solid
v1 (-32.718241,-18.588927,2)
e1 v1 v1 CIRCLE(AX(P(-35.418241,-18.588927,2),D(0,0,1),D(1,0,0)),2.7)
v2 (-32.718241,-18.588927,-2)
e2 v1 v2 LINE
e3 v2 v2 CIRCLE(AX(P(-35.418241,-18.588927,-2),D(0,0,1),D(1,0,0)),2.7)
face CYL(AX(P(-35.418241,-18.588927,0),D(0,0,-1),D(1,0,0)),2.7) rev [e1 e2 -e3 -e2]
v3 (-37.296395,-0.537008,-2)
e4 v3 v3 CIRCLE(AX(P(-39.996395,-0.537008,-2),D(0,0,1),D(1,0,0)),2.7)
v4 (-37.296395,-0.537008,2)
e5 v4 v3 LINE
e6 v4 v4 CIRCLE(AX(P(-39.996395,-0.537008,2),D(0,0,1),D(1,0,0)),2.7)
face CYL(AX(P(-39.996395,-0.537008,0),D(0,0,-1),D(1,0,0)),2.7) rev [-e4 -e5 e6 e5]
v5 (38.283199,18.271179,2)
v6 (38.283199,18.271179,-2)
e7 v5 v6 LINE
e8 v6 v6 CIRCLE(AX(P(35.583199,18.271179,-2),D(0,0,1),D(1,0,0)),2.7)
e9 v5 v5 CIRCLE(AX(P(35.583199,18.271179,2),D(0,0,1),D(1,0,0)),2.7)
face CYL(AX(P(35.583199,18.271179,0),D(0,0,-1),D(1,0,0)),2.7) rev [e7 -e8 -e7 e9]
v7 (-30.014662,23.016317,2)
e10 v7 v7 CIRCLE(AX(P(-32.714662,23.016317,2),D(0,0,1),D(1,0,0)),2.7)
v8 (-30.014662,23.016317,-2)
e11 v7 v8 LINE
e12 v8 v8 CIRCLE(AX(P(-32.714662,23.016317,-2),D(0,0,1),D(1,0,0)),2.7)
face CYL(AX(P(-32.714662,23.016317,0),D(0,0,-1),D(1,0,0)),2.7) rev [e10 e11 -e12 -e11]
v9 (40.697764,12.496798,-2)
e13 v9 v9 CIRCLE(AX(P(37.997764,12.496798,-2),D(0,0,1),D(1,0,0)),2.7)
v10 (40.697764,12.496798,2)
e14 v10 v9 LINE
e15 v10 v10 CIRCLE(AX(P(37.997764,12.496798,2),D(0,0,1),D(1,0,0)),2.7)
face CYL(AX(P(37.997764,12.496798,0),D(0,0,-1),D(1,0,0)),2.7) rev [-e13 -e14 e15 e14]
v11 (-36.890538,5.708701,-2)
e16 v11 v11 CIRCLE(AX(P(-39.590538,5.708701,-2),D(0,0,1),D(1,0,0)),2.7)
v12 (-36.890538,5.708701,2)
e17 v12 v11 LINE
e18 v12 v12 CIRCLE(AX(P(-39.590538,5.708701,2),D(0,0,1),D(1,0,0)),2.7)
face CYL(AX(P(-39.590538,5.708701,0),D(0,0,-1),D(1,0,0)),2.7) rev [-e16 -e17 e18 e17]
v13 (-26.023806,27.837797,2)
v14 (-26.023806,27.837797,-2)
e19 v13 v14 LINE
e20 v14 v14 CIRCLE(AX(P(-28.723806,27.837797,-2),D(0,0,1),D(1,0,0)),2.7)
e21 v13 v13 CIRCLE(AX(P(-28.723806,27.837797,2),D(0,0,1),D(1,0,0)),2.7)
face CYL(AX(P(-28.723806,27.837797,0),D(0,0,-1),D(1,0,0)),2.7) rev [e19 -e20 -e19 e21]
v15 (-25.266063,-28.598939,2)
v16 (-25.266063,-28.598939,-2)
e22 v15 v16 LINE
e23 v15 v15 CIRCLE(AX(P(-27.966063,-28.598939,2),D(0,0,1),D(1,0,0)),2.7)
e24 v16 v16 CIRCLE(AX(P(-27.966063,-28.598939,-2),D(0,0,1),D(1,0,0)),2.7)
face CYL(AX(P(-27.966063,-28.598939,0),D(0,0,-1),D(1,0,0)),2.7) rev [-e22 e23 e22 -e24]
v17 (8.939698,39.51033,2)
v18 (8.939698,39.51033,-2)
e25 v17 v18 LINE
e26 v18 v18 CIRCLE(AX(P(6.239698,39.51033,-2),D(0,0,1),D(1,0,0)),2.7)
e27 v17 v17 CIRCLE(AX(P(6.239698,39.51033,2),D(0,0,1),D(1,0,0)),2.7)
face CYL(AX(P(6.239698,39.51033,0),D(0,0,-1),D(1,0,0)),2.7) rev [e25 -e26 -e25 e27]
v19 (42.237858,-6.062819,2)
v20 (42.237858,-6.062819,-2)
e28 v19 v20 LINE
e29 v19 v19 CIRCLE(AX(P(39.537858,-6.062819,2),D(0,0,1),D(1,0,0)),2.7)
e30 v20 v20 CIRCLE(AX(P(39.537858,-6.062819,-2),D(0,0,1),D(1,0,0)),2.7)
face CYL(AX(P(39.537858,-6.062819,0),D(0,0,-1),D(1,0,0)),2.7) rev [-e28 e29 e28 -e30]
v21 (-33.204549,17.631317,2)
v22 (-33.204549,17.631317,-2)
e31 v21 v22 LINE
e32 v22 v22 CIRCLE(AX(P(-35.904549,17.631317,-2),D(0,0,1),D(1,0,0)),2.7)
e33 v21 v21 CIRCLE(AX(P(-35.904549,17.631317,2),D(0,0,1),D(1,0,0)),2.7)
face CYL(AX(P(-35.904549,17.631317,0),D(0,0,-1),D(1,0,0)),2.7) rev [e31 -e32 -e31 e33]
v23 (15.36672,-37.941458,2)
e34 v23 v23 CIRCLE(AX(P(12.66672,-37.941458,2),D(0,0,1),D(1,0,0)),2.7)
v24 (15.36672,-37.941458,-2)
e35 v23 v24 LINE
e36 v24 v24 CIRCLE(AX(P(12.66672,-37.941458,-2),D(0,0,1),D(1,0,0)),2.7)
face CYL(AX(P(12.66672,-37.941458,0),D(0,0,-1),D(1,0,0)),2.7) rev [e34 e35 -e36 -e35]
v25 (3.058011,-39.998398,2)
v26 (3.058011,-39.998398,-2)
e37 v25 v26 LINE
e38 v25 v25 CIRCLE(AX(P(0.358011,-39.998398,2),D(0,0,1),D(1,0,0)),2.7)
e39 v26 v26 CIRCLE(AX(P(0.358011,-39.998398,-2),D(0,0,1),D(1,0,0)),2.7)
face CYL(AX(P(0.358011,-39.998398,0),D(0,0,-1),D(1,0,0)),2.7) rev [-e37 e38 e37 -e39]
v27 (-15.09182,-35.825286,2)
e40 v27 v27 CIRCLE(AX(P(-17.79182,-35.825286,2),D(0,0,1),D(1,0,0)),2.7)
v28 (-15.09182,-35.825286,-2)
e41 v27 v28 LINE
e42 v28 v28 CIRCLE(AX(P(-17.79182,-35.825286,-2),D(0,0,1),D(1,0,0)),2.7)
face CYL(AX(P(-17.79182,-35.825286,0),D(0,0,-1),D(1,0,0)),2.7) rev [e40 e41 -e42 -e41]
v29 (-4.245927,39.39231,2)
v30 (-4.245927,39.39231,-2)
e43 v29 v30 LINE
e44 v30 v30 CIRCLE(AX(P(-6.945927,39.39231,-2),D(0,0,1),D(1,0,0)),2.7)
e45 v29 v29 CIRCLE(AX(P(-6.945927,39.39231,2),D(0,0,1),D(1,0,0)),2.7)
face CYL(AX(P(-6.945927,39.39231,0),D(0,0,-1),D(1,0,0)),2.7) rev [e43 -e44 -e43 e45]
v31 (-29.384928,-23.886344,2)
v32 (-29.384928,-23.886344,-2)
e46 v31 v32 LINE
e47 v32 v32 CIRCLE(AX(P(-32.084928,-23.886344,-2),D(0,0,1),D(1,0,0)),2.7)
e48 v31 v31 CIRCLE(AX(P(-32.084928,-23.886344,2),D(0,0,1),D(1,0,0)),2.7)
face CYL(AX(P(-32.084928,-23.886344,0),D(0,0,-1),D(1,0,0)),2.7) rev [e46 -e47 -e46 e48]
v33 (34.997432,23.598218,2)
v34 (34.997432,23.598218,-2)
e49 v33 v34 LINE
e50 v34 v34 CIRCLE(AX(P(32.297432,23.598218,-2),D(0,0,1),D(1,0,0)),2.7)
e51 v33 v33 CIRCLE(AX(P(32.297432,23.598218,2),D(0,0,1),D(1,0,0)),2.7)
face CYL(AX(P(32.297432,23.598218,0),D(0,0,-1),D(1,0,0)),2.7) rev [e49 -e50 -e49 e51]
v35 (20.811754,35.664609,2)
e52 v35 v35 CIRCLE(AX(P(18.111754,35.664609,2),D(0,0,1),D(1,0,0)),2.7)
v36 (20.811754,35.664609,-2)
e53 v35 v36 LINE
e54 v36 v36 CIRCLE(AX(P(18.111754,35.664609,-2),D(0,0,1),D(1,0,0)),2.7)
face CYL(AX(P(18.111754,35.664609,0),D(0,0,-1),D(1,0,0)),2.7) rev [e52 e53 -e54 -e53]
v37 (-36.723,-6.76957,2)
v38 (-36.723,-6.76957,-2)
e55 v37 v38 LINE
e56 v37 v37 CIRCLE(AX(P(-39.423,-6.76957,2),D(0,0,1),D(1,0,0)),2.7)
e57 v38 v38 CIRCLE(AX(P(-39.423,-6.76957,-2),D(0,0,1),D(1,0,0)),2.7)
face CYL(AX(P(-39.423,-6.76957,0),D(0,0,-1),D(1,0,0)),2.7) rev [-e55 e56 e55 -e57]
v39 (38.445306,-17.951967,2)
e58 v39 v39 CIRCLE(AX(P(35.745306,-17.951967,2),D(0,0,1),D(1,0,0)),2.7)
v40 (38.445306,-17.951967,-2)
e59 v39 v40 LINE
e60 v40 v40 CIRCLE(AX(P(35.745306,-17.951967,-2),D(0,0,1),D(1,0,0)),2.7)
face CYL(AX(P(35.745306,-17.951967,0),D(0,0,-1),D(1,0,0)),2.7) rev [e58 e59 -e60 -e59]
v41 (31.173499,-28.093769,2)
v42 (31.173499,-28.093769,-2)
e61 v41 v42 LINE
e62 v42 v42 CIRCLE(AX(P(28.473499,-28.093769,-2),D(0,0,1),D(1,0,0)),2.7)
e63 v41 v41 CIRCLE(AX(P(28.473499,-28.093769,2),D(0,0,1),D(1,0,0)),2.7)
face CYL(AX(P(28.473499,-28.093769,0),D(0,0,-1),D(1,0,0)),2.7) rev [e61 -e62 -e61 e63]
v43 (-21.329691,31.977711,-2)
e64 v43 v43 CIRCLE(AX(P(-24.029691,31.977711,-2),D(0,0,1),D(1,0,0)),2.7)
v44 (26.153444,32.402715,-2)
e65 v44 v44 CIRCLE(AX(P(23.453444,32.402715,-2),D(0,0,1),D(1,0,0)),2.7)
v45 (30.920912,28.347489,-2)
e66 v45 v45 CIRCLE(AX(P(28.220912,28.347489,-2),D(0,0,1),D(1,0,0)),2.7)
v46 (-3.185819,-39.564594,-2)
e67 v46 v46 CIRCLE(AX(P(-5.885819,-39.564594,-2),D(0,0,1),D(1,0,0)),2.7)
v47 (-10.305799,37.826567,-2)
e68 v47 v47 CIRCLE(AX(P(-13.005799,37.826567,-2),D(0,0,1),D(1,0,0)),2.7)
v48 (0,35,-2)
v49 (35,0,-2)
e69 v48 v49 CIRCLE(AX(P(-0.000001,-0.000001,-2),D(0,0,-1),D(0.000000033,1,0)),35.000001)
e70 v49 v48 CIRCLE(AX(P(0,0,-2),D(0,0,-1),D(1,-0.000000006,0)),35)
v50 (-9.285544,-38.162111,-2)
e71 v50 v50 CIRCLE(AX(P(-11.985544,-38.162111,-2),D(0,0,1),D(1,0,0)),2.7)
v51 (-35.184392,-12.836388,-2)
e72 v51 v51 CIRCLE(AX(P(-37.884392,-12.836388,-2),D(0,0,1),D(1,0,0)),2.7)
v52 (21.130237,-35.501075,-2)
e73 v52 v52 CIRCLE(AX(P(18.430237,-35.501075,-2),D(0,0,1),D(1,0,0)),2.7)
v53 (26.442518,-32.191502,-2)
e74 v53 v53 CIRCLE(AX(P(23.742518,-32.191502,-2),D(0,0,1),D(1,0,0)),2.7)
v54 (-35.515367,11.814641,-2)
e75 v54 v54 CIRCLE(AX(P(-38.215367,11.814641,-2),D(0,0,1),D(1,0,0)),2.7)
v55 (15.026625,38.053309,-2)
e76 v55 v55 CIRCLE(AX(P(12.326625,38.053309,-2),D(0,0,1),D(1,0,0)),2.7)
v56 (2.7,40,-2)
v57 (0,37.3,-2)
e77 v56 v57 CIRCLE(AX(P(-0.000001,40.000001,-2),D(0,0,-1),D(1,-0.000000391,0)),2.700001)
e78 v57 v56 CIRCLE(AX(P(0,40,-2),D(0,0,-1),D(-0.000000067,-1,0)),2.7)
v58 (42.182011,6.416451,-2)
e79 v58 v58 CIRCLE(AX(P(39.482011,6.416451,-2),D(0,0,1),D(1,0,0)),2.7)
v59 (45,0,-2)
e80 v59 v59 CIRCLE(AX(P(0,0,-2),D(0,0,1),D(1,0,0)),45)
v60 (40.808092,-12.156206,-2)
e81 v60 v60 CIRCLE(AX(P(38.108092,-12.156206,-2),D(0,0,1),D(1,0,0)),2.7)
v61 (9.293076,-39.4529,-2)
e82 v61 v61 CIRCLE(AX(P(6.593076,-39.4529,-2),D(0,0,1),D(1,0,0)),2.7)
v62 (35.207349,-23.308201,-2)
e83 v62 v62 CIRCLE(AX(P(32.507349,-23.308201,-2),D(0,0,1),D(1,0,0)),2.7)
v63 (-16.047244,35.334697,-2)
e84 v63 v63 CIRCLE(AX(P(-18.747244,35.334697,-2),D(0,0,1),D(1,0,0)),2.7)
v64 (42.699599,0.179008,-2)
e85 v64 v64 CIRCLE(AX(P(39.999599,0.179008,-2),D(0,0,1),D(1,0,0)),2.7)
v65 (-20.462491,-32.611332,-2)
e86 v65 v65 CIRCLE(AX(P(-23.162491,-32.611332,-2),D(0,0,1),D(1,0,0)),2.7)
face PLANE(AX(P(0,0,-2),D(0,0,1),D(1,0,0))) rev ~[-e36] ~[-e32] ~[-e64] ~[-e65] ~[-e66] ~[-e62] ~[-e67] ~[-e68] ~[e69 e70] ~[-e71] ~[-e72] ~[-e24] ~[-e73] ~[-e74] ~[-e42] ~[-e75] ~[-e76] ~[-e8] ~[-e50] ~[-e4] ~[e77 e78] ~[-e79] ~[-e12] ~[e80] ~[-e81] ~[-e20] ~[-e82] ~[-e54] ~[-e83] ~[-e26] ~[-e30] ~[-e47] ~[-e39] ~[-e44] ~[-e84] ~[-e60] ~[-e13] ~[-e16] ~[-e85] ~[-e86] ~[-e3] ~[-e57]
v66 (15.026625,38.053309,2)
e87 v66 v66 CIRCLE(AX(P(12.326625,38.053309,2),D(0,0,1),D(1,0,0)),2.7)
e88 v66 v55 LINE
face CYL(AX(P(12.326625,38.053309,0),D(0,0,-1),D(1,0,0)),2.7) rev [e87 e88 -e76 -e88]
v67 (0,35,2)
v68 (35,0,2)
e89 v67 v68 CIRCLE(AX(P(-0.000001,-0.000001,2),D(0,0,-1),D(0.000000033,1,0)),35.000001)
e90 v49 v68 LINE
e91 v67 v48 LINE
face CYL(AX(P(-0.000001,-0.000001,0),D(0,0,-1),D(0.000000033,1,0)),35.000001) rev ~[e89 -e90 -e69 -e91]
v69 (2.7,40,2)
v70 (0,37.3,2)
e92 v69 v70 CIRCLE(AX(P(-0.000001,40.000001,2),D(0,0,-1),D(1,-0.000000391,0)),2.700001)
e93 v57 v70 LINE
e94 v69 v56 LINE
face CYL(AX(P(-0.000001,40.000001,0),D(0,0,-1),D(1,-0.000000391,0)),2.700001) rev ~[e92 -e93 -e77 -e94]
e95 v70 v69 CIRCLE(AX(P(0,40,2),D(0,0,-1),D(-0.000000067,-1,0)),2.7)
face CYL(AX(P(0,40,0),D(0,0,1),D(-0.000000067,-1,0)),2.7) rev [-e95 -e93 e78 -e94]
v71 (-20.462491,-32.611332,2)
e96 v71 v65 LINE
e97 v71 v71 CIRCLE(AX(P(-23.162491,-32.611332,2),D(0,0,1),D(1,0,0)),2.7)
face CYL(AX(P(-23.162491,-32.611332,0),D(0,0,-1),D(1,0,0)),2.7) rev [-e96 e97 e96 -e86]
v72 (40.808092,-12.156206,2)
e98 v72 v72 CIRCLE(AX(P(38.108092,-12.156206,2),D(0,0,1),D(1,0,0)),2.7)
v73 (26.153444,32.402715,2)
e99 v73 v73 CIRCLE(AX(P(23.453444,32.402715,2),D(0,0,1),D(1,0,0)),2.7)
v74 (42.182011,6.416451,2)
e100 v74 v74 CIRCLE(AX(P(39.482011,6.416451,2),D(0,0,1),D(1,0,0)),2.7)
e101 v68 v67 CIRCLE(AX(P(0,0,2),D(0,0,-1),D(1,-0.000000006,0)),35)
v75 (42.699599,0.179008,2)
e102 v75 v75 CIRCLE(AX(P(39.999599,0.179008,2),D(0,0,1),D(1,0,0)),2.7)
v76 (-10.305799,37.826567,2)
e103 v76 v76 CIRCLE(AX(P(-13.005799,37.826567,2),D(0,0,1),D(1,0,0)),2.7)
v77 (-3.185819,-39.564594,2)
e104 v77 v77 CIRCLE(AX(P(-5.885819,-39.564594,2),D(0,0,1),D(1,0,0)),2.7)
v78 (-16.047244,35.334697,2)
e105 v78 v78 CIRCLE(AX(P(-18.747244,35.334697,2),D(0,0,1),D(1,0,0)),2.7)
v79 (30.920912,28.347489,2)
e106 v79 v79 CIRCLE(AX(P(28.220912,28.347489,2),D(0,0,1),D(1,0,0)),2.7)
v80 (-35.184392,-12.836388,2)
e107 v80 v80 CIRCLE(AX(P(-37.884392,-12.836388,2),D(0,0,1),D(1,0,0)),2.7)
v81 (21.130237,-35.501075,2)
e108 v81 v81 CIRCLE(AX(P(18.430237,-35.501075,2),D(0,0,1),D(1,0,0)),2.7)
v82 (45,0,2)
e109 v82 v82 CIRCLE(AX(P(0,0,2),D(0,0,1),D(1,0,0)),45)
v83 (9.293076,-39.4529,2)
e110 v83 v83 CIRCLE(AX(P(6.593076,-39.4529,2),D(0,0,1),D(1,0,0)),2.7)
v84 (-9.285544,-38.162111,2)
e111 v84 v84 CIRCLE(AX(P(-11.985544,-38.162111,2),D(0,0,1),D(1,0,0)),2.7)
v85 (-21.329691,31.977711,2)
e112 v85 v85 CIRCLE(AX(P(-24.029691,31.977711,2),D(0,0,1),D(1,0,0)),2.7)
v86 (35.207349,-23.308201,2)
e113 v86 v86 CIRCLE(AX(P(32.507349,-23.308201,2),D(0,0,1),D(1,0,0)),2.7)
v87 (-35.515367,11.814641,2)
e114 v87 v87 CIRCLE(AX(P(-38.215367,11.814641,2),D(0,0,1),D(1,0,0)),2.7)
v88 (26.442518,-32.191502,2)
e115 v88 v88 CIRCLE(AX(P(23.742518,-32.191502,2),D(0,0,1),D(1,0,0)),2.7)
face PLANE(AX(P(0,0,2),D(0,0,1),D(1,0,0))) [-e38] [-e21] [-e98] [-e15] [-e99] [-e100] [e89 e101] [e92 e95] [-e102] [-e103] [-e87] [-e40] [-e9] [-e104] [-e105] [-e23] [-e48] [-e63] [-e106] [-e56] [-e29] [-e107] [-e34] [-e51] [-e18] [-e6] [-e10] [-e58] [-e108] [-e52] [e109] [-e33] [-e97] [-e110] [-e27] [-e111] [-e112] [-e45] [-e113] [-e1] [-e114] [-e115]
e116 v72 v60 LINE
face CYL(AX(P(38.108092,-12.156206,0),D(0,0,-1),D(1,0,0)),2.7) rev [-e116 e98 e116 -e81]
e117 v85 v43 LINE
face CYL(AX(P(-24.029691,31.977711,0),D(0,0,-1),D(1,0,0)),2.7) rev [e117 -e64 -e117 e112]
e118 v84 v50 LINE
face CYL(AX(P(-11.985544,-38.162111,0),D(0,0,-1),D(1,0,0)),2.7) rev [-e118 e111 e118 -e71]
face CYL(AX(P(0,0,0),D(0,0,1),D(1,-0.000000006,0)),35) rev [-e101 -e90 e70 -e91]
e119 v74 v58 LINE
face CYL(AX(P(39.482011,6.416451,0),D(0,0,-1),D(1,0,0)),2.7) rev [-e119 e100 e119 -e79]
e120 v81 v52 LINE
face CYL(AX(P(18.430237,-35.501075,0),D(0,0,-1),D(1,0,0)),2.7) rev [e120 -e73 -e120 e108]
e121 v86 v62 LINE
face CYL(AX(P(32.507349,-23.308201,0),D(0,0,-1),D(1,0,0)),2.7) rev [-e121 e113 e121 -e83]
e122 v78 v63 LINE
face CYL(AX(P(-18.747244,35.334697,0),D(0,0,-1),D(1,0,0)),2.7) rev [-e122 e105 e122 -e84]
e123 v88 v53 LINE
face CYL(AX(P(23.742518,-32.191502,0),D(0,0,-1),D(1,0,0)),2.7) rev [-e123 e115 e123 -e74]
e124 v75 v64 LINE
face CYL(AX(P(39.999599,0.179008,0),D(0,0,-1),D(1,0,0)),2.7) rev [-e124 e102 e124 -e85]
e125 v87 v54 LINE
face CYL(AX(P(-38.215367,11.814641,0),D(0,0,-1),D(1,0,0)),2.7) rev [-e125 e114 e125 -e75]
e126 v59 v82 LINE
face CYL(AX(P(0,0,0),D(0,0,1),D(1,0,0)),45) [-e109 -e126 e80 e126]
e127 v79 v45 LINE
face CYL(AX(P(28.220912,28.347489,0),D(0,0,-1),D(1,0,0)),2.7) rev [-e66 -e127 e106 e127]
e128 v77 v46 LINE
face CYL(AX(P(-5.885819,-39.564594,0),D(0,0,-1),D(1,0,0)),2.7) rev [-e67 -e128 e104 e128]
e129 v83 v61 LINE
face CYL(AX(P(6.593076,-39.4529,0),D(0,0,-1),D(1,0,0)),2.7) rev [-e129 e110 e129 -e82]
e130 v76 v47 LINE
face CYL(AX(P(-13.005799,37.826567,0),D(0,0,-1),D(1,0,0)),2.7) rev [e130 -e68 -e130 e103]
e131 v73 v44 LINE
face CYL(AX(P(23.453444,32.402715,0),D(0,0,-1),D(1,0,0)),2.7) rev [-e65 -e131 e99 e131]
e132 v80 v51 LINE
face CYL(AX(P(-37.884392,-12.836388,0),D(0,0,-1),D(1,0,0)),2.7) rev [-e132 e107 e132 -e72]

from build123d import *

# Parameters (mm, degrees)
F0_R     = 45
F0_R_2   = 2.7
F1_DEPTH = 2


with BuildPart() as f1:
    # F0 (on Top) → F1 (new body, symmetric)
    with BuildSketch(Plane.XY):
        Circle(F0_R)
        with Locations((-23.162491, -32.611332)):
            Circle(F0_R_2, mode=Mode.SUBTRACT)
        with Locations((-27.966063, -28.598939)):
            Circle(F0_R_2, mode=Mode.SUBTRACT)
        with Locations((-32.084928, -23.886344)):
            Circle(F0_R_2, mode=Mode.SUBTRACT)
        with Locations((-17.79182, -35.825286)):
            Circle(F0_R_2, mode=Mode.SUBTRACT)
        with Locations((-11.985544, -38.162111)):
            Circle(F0_R_2, mode=Mode.SUBTRACT)
        with Locations((-5.885819, -39.564594)):
            Circle(F0_R_2, mode=Mode.SUBTRACT)
        with Locations((-35.418241, -18.588927)):
            Circle(F0_R_2, mode=Mode.SUBTRACT)
        with Locations((-37.884392, -12.836388)):
            Circle(F0_R_2, mode=Mode.SUBTRACT)
        with Locations((-39.423, -6.76957)):
            Circle(F0_R_2, mode=Mode.SUBTRACT)
        with Locations((-39.996395, -0.537008)):
            Circle(F0_R_2, mode=Mode.SUBTRACT)
        with Locations((0.358011, -39.998398)):
            Circle(F0_R_2, mode=Mode.SUBTRACT)
        with Locations((6.593076, -39.4529)):
            Circle(F0_R_2, mode=Mode.SUBTRACT)
        with Locations((12.66672, -37.941458)):
            Circle(F0_R_2, mode=Mode.SUBTRACT)
        with Locations((18.430237, -35.501075)):
            Circle(F0_R_2, mode=Mode.SUBTRACT)
        with Locations((23.742518, -32.191502)):
            Circle(F0_R_2, mode=Mode.SUBTRACT)
        with Locations((28.473499, -28.093769)):
            Circle(F0_R_2, mode=Mode.SUBTRACT)
        with Locations((32.507349, -23.308201)):
            Circle(F0_R_2, mode=Mode.SUBTRACT)
        with Locations((35.745306, -17.951967)):
            Circle(F0_R_2, mode=Mode.SUBTRACT)
        with Locations((38.108092, -12.156206)):
            Circle(F0_R_2, mode=Mode.SUBTRACT)
        with Locations((39.537858, -6.062819)):
            Circle(F0_R_2, mode=Mode.SUBTRACT)
        with Locations((-39.590538, 5.708701)):
            Circle(F0_R_2, mode=Mode.SUBTRACT)
        with Locations((-38.215367, 11.814641)):
            Circle(F0_R_2, mode=Mode.SUBTRACT)
        with Locations((-35.904549, 17.631317)):
            Circle(F0_R_2, mode=Mode.SUBTRACT)
        with Locations((-32.714662, 23.016317)):
            Circle(F0_R_2, mode=Mode.SUBTRACT)
        with Locations((-28.723806, 27.837797)):
            Circle(F0_R_2, mode=Mode.SUBTRACT)
        with Locations((-24.029691, 31.977711)):
            Circle(F0_R_2, mode=Mode.SUBTRACT)
        with Locations((-18.747244, 35.334697)):
            Circle(F0_R_2, mode=Mode.SUBTRACT)
        with Locations((-13.005799, 37.826567)):
            Circle(F0_R_2, mode=Mode.SUBTRACT)
        with Locations((-6.945927, 39.39231)):
            Circle(F0_R_2, mode=Mode.SUBTRACT)
        with BuildLine():
            ThreePointArc((0, 35), (24.748737, 24.748737), (35, 0))
            ThreePointArc((35, 0), (-24.748737, -24.748737), (0, 35))
        make_face(mode=Mode.SUBTRACT)
        with Locations((39.999599, 0.179008)):
            Circle(F0_R_2, mode=Mode.SUBTRACT)
        with Locations((39.482011, 6.416451)):
            Circle(F0_R_2, mode=Mode.SUBTRACT)
        with Locations((37.997764, 12.496798)):
            Circle(F0_R_2, mode=Mode.SUBTRACT)
        with Locations((35.583199, 18.271179)):
            Circle(F0_R_2, mode=Mode.SUBTRACT)
        with BuildLine():
            ThreePointArc((2.7, 40), (1.909188, 38.090812), (0, 37.3))
            ThreePointArc((0, 37.3), (-1.909188, 41.909188), (2.7, 40))
        make_face(mode=Mode.SUBTRACT)
        with Locations((6.239698, 39.51033)):
            Circle(F0_R_2, mode=Mode.SUBTRACT)
        with Locations((12.326625, 38.053309)):
            Circle(F0_R_2, mode=Mode.SUBTRACT)
        with Locations((18.111754, 35.664609)):
            Circle(F0_R_2, mode=Mode.SUBTRACT)
        with Locations((32.297432, 23.598218)):
            Circle(F0_R_2, mode=Mode.SUBTRACT)
        with Locations((23.453444, 32.402715)):
            Circle(F0_R_2, mode=Mode.SUBTRACT)
        with Locations((28.220912, 28.347489)):
            Circle(F0_R_2, mode=Mode.SUBTRACT)
    extrude(amount=F1_DEPTH, both=True)


solid = f1.part
